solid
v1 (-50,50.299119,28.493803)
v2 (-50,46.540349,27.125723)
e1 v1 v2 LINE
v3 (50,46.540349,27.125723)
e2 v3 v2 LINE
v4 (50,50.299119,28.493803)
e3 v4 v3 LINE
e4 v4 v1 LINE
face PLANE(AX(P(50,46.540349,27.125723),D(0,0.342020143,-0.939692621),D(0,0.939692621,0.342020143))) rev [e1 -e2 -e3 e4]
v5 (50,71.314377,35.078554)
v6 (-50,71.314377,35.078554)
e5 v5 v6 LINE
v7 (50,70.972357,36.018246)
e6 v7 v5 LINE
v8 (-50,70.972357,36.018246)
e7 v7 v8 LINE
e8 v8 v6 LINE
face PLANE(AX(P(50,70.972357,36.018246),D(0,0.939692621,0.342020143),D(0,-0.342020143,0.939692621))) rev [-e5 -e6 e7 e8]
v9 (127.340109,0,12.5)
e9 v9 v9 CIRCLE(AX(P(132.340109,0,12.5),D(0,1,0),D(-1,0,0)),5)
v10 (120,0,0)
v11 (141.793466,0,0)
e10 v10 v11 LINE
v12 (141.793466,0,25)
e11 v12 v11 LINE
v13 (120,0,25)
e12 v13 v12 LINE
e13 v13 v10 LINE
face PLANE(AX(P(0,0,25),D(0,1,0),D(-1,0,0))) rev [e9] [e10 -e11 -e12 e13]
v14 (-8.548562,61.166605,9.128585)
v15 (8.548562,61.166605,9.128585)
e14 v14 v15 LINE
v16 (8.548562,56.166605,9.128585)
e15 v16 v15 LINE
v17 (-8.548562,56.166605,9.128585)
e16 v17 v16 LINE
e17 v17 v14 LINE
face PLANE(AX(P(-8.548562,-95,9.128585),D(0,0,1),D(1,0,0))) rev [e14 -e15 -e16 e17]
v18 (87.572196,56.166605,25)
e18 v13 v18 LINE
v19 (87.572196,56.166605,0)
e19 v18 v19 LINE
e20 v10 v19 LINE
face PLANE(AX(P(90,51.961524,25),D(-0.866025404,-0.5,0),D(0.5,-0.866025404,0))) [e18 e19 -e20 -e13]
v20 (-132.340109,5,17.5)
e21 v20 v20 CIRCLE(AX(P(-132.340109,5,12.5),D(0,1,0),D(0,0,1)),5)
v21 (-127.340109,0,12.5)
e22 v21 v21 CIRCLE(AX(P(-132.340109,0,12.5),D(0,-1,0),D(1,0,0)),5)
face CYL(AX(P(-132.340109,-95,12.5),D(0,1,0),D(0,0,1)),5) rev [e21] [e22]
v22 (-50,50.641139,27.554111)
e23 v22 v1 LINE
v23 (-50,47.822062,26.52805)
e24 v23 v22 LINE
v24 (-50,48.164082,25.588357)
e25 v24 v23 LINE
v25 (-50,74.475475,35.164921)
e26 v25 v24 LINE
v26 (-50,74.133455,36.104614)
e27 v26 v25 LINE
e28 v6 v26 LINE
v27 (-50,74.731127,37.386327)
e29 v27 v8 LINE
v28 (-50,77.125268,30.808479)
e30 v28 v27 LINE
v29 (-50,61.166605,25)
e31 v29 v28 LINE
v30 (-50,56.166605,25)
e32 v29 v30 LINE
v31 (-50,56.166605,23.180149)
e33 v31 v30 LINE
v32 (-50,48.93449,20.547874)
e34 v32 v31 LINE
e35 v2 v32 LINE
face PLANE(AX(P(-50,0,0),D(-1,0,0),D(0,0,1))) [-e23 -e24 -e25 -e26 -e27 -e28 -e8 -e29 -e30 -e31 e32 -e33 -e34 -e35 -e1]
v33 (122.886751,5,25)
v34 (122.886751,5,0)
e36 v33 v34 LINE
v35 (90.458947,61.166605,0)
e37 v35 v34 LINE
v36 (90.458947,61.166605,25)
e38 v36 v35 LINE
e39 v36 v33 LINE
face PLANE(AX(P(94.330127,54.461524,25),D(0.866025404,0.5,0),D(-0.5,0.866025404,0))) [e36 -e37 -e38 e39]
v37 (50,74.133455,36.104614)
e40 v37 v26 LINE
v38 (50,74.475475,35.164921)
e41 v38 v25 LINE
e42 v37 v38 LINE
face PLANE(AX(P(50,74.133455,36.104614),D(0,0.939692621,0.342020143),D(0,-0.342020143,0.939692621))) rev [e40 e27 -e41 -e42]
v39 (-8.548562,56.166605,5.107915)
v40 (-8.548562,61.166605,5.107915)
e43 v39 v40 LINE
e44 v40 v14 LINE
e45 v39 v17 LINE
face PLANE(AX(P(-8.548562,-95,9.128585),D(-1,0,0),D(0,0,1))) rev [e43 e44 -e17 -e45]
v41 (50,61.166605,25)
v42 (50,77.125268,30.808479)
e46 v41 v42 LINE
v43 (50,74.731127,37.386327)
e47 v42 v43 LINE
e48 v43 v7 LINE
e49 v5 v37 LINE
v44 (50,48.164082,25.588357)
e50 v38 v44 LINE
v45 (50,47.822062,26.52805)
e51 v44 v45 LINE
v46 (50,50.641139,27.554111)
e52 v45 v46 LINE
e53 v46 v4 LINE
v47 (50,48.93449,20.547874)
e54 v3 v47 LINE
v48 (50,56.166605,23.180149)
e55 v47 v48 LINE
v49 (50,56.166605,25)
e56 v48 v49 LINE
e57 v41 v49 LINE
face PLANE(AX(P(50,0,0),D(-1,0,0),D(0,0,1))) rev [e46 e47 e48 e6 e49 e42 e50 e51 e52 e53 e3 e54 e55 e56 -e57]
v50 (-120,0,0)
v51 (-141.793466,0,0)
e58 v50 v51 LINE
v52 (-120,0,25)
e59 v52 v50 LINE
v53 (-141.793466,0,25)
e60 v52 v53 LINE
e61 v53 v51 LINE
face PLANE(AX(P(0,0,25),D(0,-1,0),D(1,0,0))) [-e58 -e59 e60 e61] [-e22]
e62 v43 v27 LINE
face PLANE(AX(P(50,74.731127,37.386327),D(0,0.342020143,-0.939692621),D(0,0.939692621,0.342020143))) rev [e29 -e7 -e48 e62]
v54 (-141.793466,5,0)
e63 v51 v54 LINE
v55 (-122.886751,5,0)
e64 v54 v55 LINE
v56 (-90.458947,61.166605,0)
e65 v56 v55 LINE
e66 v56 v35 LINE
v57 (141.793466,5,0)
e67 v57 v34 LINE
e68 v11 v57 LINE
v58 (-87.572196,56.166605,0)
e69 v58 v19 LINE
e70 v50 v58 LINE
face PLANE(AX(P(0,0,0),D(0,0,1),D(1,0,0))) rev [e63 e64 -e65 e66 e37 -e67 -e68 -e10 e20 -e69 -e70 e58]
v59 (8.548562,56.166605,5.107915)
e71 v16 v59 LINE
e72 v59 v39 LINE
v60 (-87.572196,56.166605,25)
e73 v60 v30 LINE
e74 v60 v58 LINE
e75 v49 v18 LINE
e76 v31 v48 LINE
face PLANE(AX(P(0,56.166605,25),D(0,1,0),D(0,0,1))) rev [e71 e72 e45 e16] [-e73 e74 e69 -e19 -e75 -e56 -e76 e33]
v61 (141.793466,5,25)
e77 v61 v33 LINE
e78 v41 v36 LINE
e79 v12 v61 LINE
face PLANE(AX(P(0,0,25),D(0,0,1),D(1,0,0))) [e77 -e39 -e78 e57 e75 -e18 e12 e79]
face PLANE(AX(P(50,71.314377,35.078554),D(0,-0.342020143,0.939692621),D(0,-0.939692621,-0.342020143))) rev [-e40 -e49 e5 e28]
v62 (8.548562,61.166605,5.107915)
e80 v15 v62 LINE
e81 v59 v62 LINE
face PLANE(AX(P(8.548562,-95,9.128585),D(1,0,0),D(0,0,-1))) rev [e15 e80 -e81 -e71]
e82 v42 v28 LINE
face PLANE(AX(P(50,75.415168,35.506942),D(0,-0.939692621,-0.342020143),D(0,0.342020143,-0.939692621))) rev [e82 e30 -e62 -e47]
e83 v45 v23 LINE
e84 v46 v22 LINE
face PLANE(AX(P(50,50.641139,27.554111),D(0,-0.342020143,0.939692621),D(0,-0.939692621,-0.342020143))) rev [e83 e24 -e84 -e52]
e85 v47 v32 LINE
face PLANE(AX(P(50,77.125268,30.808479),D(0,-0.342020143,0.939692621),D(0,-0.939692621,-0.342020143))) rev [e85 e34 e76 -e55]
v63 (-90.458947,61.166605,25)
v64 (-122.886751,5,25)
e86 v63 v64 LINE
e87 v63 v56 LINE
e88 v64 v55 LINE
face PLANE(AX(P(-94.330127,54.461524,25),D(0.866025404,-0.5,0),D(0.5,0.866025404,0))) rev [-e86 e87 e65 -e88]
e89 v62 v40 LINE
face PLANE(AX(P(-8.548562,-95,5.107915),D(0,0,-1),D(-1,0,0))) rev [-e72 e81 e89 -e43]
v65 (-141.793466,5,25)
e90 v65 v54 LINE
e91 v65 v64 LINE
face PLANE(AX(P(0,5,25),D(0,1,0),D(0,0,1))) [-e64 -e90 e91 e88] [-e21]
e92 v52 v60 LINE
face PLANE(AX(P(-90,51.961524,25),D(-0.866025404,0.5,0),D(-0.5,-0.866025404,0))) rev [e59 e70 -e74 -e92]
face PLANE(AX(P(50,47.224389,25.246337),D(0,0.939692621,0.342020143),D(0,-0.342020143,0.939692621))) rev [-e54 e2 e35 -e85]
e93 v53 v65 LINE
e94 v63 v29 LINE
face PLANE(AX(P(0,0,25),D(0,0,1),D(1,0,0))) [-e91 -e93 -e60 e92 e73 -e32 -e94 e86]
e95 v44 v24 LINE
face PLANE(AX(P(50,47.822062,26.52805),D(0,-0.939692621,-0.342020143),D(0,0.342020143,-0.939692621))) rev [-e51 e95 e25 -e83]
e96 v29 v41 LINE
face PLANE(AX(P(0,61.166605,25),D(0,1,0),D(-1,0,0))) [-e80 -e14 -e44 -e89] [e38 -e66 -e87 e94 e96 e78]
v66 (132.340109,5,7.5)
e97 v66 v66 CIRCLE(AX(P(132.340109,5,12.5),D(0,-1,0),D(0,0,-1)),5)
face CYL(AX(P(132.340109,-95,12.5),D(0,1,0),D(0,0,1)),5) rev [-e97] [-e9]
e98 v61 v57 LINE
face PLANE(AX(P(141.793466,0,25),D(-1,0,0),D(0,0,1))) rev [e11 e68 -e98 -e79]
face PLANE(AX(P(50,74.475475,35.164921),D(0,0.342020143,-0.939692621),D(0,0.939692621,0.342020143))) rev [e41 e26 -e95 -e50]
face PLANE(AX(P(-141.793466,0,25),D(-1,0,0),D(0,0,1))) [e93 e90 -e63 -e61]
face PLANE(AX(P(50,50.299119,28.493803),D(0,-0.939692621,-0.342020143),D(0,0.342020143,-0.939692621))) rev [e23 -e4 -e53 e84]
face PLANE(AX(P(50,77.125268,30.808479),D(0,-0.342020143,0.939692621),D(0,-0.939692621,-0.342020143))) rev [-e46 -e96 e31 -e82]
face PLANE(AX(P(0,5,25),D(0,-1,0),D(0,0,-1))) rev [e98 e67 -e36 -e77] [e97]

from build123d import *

# Parameters (mm, degrees)
BOSS_EXTRUDE1_DEPTH = 25
SKETCH2_R           = 5
SKETCH2_W           = 17.097123546
SKETCH2_H           = 4.020670456
CUT_EXTRUDE1_DEPTH  = 100
BOSS_EXTRUDE2_DEPTH = 50


with BuildPart() as part:
    # Sketch1 → Boss-Extrude1 (new body)
    with BuildSketch(Plane.XY):
        Polygon((-120, 0), (-87.572195572, 56.166604847), (87.572195572, 56.166604847), (120, 0), (126.793465802, 0), (141.793465802, 0), (141.793465802, 5), (122.886751346, 5), (92.427804428, 57.756443607), (90.458946918, 61.166604847), (-90.458946918, 61.166604847), (-122.886751346, 5), (-141.793465802, 5), (-141.793465802, 0), (-126.793465802, 0), align=None)
    extrude(amount=BOSS_EXTRUDE1_DEPTH)

    # Sketch2 → Cut-Extrude1 (cut, symmetric)
    with BuildSketch(Plane(origin=(0, 5, 0), x_dir=(1, 0, 0), z_dir=(0, 1, 0))):
        with Locations((132.340108574, -12.5)):
            Circle(SKETCH2_R)
        with Locations((-132.340108574, -12.5)):
            Circle(SKETCH2_R)
        with Locations((0, -7.118249896)):
            Rectangle(SKETCH2_W, SKETCH2_H)
    extrude(amount=CUT_EXTRUDE1_DEPTH, both=True, mode=Mode.SUBTRACT)

    # Sketch3 → Boss-Extrude2 (add, symmetric)
    with BuildSketch(Plane(origin=(0, 0, 0), x_dir=(0, 0, -1), z_dir=(1, 0, 0))):
        Polygon((-30.808478502, 77.125268372), (-20.547874202, 48.934489749), (-25.246337306, 47.224389032), (-27.125722548, 46.540348745), (-28.493803121, 50.299119228), (-27.5541105, 50.641139372), (-26.52805007, 47.822061509), (-25.588357449, 48.164081653), (-35.164921463, 74.475475035), (-36.104614083, 74.133454891), (-35.078553653, 71.314377029), (-36.018246274, 70.972356886), (-37.386326847, 74.731127369), (-35.506941606, 75.415167656), align=None)
    extrude(amount=BOSS_EXTRUDE2_DEPTH, both=True)


solid = part.part
